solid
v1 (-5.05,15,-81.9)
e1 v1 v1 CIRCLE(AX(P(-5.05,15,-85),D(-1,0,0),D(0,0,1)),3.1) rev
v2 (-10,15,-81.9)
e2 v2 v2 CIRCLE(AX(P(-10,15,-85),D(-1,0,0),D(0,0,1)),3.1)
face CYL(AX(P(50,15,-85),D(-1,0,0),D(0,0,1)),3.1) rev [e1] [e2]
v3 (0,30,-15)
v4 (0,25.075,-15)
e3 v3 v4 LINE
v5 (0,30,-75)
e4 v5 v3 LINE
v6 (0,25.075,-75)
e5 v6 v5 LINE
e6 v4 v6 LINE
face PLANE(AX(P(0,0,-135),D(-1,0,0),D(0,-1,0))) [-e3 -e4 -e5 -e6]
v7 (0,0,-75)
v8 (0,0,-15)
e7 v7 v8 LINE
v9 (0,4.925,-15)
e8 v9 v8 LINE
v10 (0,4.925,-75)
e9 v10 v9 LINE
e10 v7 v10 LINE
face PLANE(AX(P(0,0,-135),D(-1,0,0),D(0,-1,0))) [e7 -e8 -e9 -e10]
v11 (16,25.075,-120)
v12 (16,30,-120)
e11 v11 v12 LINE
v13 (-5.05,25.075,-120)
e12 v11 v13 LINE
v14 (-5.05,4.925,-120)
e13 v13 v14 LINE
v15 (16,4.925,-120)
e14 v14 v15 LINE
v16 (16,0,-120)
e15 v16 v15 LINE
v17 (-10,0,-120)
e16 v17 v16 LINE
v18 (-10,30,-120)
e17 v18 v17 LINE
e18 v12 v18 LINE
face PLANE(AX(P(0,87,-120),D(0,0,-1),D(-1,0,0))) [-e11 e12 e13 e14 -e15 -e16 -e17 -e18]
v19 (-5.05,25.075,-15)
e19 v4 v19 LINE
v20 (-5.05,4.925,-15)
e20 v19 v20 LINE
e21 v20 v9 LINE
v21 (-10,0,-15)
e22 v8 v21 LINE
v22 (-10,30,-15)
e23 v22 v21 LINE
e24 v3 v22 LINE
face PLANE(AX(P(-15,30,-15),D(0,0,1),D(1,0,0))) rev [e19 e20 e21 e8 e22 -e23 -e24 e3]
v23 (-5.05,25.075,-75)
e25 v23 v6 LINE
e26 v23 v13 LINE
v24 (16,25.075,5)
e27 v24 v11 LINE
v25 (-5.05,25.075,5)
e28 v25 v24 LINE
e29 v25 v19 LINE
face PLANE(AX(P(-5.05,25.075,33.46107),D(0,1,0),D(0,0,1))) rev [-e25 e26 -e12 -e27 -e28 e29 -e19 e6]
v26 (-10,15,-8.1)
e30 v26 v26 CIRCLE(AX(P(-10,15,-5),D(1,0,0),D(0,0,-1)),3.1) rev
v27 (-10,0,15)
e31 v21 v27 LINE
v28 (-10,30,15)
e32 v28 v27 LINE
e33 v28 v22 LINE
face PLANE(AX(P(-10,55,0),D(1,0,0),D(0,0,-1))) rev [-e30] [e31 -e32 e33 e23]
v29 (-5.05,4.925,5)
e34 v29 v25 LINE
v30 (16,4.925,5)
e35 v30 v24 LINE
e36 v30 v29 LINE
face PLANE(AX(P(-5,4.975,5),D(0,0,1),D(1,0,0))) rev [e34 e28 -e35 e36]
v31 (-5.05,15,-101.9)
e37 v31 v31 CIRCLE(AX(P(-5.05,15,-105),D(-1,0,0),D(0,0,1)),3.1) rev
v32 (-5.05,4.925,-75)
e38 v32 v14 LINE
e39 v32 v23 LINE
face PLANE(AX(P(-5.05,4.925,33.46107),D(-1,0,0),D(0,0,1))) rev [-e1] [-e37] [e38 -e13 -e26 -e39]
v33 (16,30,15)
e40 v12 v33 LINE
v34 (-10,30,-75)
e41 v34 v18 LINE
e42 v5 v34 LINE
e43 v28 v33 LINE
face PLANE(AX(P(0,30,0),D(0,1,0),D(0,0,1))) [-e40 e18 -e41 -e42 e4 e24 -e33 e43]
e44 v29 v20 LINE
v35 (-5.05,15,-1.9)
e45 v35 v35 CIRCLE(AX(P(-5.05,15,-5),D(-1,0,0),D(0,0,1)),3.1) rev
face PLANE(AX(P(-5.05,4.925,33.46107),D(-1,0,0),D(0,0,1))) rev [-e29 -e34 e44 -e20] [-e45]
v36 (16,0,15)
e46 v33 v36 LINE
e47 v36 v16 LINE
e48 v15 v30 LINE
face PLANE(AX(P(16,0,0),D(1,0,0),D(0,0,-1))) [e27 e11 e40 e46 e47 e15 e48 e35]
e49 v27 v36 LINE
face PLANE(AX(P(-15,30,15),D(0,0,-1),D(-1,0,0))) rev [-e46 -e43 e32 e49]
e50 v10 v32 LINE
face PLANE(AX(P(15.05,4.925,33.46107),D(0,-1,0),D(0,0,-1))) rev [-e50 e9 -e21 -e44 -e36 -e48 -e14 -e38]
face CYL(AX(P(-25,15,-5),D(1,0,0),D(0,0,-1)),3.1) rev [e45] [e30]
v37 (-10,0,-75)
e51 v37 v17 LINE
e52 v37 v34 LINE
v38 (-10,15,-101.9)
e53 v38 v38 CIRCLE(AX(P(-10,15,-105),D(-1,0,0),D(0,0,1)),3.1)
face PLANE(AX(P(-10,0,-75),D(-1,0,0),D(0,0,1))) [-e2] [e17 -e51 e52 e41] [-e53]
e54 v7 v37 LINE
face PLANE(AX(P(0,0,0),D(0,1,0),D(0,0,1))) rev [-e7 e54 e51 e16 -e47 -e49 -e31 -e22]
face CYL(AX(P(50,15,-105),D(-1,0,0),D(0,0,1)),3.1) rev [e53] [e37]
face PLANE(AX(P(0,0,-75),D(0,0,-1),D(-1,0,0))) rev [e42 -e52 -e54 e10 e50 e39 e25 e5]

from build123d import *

# Parameters (mm, degrees)
SKETCH_1_W          = 30
SKETCH_1_H          = 30
EXTRUDE_1_DEPTH     = 30
SKETCH_2_W          = 20
SKETCH_2_H          = 20.05
CUT_EXTRUDE_1_DEPTH = 20
CUT_EXTRUDE_2_DEPTH = 20
SKETCH_4_W          = 5
SKETCH_4_H          = 30
CUT_EXTRUDE_3_DEPTH = 55
SKETCH_5_W          = 15
SKETCH_5_H          = 4.975
EXTRUDE_2_DEPTH     = 120
EXTRUDE_3_DEPTH     = 60
SKETCH_7_R          = 3.1
CUT_EXTRUDE_4_DEPTH = 60
CUT_EXTRUDE_5_REACH = 155.704
SKETCH_8_W          = 20.1
SKETCH_8_H          = 20.15
EXTRUDE_4_DEPTH     = 1
SKETCH_10_W         = 26
SKETCH_10_H         = 15
CUT_EXTRUDE_6_DEPTH = 87


with BuildPart() as part:
    # 草图1 → 凸台-拉伸1 (new body)
    with BuildSketch(Plane(origin=(0, 0, 0), x_dir=(1, 0, 0), z_dir=(0, 1, 0))):
        Rectangle(SKETCH_1_W, SKETCH_1_H)
    extrude(amount=EXTRUDE_1_DEPTH)

    # 草图2 → 切除-拉伸1 (cut)
    with BuildSketch(Plane(origin=(15, 0, 0), x_dir=(0, 0, -1), z_dir=(1, 0, 0))):
        with Locations((5, 15)):
            Rectangle(SKETCH_2_W, SKETCH_2_H)
    extrude(amount=-CUT_EXTRUDE_1_DEPTH, mode=Mode.SUBTRACT)

    # 草图3 → 切除-拉伸2 (cut)
    with BuildSketch(Plane(origin=(-5, 0, 0), x_dir=(0, 0, -1), z_dir=(1, 0, 0))):
        with BuildLine():
            ThreePointArc((7.189292698, 17.194765929), (5, 18.1), (2.810707302, 17.194765929))
            Line((2.810707302, 17.194765929), (5, 15))
            Line((5, 15), (7.189292698, 17.194765929))
        make_face()
        with BuildLine():
            Line((5, 15), (2.810707302, 17.194765929))
            ThreePointArc((2.810707302, 17.194765929), (1.9, 15), (2.810707302, 12.805234071))
            Line((2.810707302, 12.805234071), (5, 15))
        make_face()
        with BuildLine():
            Line((7.189292698, 17.194765929), (5, 15))
            Line((5, 15), (7.189292698, 12.805234071))
            ThreePointArc((7.189292698, 12.805234071), (7.86328547, 13.81189381), (8.1, 15))
            ThreePointArc((8.1, 15), (7.86328547, 16.18810619), (7.189292698, 17.194765929))
        make_face()
        with BuildLine():
            Line((7.189292698, 12.805234071), (5, 15))
            Line((5, 15), (2.810707302, 12.805234071))
            ThreePointArc((2.810707302, 12.805234071), (5, 11.9), (7.189292698, 12.805234071))
        make_face()
    extrude(amount=-CUT_EXTRUDE_2_DEPTH, mode=Mode.SUBTRACT)

    # 草图4 → 切除-拉伸3 (cut)
    with BuildSketch(Plane.XZ):
        with Locations((-12.5, 0)):
            Rectangle(SKETCH_4_W, SKETCH_4_H)
    extrude(amount=-CUT_EXTRUDE_3_DEPTH, mode=Mode.SUBTRACT)

    # 草图5 → 凸台-拉伸2 (add)
    with BuildSketch(Plane(origin=(0, 0, -15), x_dir=(-1, 0, 0), z_dir=(0, 0, -1))):
        with Locations((-7.5, 27.5125)):
            Rectangle(SKETCH_5_W, SKETCH_5_H)
        with Locations((-7.5, 2.4875)):
            Rectangle(SKETCH_5_W, SKETCH_5_H)
    extrude(amount=EXTRUDE_2_DEPTH)

    # 草图6 → 凸台-拉伸3 (add)
    with BuildSketch(Plane(origin=(0, 0, -135), x_dir=(-1, 0, 0), z_dir=(0, 0, -1))):
        Polygon((5, 4.975), (0, 4.975), (0, 0), (10, 0), (10, 30), (0, 30), (0, 25.025), (5, 25.025), align=None)
    extrude(amount=-EXTRUDE_3_DEPTH)

    # 草图7 → 切除-拉伸4 (cut)
    with BuildSketch(Plane.ZY.offset(10)):
        with Locations((-105, 15)):
            Circle(SKETCH_7_R)
        with Locations((-85, 15)):
            Circle(SKETCH_7_R)
    extrude(amount=-CUT_EXTRUDE_4_DEPTH, mode=Mode.SUBTRACT)

    # 切除-拉伸5: up to this face of the body (flat: up to its plane)
    cut_extrude_5_end = Plane(part.part.faces().sort_by_distance((5, 15, 5))[0])
    # 草图8 → 切除-拉伸5 (cut, up to the picked face)
    with BuildSketch(Plane(origin=(0, 0, -135), x_dir=(-1, 0, 0), z_dir=(0, 0, -1)), mode=Mode.PRIVATE) as cut_extrude_5_sk1:
        with Locations((-5, 15)):
            Rectangle(SKETCH_8_W, SKETCH_8_H)
    cut_extrude_5_tool1 = split(extrude(cut_extrude_5_sk1.sketch, amount=-CUT_EXTRUDE_5_REACH, mode=Mode.PRIVATE), bisect_by=cut_extrude_5_end, keep=Keep.BOTH, mode=Mode.PRIVATE)
    add(cut_extrude_5_tool1.solids().sort_by(Axis((5, 15, -135), (0, 0, 1)))[0], mode=Mode.SUBTRACT)

    # 草图9 → 凸台-拉伸4 (add)
    with BuildSketch(Plane(origin=(15, 0, 0), x_dir=(0, 0, -1), z_dir=(1, 0, 0))):
        Polygon((135, 4.925), (-5, 4.925), (-5, 25.075), (135, 25.075), (135, 30), (-15, 30), (-15, 0), (135, 0), align=None)
    extrude(amount=EXTRUDE_4_DEPTH)

    # 草图10 → 切除-拉伸6 (cut)
    with BuildSketch(Plane.XZ):
        with Locations((3, -127.5)):
            Rectangle(SKETCH_10_W, SKETCH_10_H)
    extrude(amount=-CUT_EXTRUDE_6_DEPTH, mode=Mode.SUBTRACT)


solid = part.part
